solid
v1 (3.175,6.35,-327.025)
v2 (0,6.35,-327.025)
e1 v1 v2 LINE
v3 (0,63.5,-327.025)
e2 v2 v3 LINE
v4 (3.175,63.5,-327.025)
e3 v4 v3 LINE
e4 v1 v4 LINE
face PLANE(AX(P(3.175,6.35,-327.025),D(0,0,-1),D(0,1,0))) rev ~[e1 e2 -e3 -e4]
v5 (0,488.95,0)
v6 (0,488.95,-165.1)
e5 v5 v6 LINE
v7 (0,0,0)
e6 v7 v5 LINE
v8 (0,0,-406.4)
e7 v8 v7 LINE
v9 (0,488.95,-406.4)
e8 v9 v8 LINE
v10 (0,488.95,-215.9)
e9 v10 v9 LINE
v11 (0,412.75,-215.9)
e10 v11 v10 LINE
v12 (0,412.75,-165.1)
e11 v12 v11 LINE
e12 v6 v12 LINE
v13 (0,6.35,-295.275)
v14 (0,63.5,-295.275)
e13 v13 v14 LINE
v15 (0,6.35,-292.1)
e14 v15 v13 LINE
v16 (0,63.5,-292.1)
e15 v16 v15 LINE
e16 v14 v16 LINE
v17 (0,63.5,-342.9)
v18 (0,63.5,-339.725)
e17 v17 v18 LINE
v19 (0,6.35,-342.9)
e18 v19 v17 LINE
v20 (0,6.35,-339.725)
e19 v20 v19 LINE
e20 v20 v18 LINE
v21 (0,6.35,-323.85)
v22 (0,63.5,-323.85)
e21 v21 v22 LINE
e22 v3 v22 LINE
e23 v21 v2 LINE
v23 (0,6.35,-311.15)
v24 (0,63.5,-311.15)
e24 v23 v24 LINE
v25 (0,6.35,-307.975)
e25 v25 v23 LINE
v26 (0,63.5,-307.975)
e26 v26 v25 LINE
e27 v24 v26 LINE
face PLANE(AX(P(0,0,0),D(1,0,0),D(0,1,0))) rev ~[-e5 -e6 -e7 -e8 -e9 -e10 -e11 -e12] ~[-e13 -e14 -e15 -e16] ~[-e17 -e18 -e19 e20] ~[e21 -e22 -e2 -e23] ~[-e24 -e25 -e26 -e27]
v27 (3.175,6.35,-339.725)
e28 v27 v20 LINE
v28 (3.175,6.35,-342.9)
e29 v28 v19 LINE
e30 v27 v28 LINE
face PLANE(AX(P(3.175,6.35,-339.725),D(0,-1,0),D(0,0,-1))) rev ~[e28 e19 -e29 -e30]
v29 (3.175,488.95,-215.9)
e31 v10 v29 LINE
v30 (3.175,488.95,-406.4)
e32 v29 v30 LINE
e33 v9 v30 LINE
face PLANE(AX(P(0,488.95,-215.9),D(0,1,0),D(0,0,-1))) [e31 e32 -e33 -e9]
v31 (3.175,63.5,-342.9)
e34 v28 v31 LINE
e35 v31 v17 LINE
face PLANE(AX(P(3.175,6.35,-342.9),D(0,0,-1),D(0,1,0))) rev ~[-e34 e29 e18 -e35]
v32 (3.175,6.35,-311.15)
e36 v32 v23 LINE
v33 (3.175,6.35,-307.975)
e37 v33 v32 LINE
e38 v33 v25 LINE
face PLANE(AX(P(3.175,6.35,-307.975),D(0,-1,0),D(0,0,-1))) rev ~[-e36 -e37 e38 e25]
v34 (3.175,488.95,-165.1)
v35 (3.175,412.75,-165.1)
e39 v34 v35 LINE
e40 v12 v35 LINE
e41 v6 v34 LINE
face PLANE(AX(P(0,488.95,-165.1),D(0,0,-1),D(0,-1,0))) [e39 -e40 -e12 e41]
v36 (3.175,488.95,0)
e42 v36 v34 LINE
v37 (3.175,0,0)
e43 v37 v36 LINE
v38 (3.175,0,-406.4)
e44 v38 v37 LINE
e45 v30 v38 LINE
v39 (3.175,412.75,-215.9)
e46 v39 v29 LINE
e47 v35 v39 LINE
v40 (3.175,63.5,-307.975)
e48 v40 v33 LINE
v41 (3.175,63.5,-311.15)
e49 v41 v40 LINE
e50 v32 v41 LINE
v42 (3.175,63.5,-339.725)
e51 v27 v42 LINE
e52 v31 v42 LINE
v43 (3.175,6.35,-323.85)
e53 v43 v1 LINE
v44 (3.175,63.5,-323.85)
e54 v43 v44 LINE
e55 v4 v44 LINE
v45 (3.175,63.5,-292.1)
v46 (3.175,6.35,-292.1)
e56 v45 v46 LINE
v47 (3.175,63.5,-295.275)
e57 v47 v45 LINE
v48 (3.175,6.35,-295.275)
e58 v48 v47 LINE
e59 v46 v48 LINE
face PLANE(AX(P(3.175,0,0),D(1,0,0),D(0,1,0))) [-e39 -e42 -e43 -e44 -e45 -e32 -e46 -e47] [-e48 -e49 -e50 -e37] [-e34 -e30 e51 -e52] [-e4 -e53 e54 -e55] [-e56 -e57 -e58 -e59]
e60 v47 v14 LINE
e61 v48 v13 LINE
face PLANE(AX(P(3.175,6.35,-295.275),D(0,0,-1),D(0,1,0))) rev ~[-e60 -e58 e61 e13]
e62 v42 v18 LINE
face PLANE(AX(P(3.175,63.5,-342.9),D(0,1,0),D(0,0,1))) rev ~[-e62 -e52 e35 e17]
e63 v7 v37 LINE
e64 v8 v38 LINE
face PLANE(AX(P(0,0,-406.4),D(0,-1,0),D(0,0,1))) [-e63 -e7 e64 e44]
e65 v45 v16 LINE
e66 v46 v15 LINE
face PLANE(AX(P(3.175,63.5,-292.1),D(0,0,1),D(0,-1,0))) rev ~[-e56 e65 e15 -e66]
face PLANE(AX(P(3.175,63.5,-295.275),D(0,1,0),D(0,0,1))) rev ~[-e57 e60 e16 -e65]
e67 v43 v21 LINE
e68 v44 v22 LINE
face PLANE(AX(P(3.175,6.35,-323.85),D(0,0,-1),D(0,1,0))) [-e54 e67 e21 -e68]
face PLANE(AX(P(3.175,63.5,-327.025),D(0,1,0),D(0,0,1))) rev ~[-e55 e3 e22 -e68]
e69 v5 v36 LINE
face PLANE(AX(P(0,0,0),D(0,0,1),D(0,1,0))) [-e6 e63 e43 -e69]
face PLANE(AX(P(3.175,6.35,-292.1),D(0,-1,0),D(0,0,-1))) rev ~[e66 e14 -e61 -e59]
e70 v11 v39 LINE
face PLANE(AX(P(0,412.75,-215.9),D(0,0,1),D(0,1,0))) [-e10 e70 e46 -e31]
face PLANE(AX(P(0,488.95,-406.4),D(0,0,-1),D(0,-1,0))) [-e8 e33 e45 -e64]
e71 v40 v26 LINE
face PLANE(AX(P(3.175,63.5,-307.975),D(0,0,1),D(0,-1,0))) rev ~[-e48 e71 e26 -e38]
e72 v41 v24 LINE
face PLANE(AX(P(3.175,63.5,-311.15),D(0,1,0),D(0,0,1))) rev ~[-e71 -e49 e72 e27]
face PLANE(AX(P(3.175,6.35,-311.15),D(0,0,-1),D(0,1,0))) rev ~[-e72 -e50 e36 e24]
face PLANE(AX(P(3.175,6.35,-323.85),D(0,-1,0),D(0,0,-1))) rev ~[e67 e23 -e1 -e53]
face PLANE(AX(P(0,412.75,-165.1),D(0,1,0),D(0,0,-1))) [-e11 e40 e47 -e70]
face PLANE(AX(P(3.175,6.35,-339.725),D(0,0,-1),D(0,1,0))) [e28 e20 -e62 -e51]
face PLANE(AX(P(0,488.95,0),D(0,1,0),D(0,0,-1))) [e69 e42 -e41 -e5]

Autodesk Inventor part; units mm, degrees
ref_plane "YZ Plane" through (0, 0, 0) normal (1, 0, 0) x (0, 1, 0)
ref_plane "XZ Plane" through (0, 0, 0) normal (0, 1, 0) x (-1, 0, 0)
ref_plane "XY Plane" through (0, 0, 0) normal (0, 0, 1) x (1, 0, 0)
sketch "Sketch1" plane through (0, 0, 0) normal (1, 0, 0) x (0, 1, 0)
  line L0 (0, 0) -> (488.95, 0)
  line L1 (488.95, -406.4) -> (0, -406.4)
  line L2 (0, -406.4) -> (0, 0)
  line L3 (488.95, 0) -> (488.95, -165.1)
  line L4 (488.95, -165.1) -> (412.75, -165.1)
  line L5 (412.75, -165.1) -> (412.75, -215.9)
  line L6 (412.75, -215.9) -> (488.95, -215.9)
  line L7 (488.95, 0) -> (488.95, -165.1)
  line L8 (488.95, -215.9) -> (488.95, -406.4)
extrude "Extrusion1" add sketch "Sketch1" along normal blind 3.175
sketch "Sketch2" plane through (3.175, 0, 0) normal (1, 0, 0) x (0, 0, -1)
  line L0 (0, 0) -> (0, 488.95)
  line L1 (406.4, 488.95) -> (406.4, 0)
  line L2 (406.4, 0) -> (0, 0)
  line L3 (0, 488.95) -> (165.1, 488.95)
  line L4 (165.1, 488.95) -> (165.1, 412.75)
  line L5 (165.1, 412.75) -> (215.9, 412.75)
  line L6 (215.9, 412.75) -> (215.9, 488.95)
  line L7 (0, 488.95) -> (165.1, 488.95)
  line L8 (215.9, 488.95) -> (406.4, 488.95)
  line L9 (342.9, 63.5) -> (339.725, 63.5)
  line L10 (0, 457.2) -> (0, 0)
  line L11 (0, 3.175) -> (0, 98.425)
  line L12 (342.9, 3.175) -> (346.075, 3.175)
  line L13 (346.075, 3.175) -> (342.9, 3.175)
  line L14 (292.1, 63.5) -> (292.1, 6.35)
  line L15 (295.275, 63.5) -> (292.1, 63.5)
  line L16 (307.975, 63.5) -> (307.975, 6.35)
  line L17 (307.975, 63.5) -> (307.975, 6.35)
  line L18 (311.15, 63.5) -> (307.975, 63.5)
  line L19 (311.15, 6.35) -> (311.15, 63.5)
  line L20 (311.15, 63.5) -> (311.15, 6.35)
  line L21 (323.85, 6.35) -> (323.85, 63.5)
  line L22 (323.85, 63.5) -> (323.85, 6.35)
  line L23 (327.025, 63.5) -> (323.85, 63.5)
  line L24 (374.65, 3.175) -> (377.825, 3.175)
  line L25 (327.025, 63.5) -> (323.85, 63.5)
  line L26 (327.025, 6.35) -> (327.025, 63.5)
  line L27 (327.025, 63.5) -> (327.025, 6.35)
  line L28 (390.525, 3.175) -> (393.7, 3.175)
  line L29 (342.9, 63.5) -> (339.725, 63.5)
  line L30 (342.9, 6.35) -> (342.9, 63.5)
  line L31 (406.4, 98.425) -> (406.4, 3.175)
  line L32 (295.275, 6.35) -> (295.275, 63.5)
  line L33 (339.725, 6.35) -> (339.725, 63.5)
  line L34 (339.725, 63.5) -> (339.725, 6.35)
  line L35 (358.775, 3.175) -> (361.95, 3.175)
  line L36 (311.15, 63.5) -> (307.975, 63.5)
  line L37 (406.4, 0) -> (406.4, 3.175)
  line L38 (292.1, 6.35) -> (295.275, 6.35)
  line L39 (307.975, 6.35) -> (311.15, 6.35)
  line L40 (323.85, 6.35) -> (327.025, 6.35)
  line L41 (339.725, 6.35) -> (342.9, 6.35)
  dimension "d8" = 3.175
extrude "Extrusion2" cut sketch "Sketch2" against normal blind 25.4 contours L30 L41 L33 L9 | L15 L32 L38 L14 | L18 L19 L39 L16 | L21 L23 L26 L40
sketch "Sketch3" plane through (3.175, 0, 0) normal (1, 0, 0) x (0, 0, -1)
  point P0 (0, 0)
properties part number "220310 Sides"
